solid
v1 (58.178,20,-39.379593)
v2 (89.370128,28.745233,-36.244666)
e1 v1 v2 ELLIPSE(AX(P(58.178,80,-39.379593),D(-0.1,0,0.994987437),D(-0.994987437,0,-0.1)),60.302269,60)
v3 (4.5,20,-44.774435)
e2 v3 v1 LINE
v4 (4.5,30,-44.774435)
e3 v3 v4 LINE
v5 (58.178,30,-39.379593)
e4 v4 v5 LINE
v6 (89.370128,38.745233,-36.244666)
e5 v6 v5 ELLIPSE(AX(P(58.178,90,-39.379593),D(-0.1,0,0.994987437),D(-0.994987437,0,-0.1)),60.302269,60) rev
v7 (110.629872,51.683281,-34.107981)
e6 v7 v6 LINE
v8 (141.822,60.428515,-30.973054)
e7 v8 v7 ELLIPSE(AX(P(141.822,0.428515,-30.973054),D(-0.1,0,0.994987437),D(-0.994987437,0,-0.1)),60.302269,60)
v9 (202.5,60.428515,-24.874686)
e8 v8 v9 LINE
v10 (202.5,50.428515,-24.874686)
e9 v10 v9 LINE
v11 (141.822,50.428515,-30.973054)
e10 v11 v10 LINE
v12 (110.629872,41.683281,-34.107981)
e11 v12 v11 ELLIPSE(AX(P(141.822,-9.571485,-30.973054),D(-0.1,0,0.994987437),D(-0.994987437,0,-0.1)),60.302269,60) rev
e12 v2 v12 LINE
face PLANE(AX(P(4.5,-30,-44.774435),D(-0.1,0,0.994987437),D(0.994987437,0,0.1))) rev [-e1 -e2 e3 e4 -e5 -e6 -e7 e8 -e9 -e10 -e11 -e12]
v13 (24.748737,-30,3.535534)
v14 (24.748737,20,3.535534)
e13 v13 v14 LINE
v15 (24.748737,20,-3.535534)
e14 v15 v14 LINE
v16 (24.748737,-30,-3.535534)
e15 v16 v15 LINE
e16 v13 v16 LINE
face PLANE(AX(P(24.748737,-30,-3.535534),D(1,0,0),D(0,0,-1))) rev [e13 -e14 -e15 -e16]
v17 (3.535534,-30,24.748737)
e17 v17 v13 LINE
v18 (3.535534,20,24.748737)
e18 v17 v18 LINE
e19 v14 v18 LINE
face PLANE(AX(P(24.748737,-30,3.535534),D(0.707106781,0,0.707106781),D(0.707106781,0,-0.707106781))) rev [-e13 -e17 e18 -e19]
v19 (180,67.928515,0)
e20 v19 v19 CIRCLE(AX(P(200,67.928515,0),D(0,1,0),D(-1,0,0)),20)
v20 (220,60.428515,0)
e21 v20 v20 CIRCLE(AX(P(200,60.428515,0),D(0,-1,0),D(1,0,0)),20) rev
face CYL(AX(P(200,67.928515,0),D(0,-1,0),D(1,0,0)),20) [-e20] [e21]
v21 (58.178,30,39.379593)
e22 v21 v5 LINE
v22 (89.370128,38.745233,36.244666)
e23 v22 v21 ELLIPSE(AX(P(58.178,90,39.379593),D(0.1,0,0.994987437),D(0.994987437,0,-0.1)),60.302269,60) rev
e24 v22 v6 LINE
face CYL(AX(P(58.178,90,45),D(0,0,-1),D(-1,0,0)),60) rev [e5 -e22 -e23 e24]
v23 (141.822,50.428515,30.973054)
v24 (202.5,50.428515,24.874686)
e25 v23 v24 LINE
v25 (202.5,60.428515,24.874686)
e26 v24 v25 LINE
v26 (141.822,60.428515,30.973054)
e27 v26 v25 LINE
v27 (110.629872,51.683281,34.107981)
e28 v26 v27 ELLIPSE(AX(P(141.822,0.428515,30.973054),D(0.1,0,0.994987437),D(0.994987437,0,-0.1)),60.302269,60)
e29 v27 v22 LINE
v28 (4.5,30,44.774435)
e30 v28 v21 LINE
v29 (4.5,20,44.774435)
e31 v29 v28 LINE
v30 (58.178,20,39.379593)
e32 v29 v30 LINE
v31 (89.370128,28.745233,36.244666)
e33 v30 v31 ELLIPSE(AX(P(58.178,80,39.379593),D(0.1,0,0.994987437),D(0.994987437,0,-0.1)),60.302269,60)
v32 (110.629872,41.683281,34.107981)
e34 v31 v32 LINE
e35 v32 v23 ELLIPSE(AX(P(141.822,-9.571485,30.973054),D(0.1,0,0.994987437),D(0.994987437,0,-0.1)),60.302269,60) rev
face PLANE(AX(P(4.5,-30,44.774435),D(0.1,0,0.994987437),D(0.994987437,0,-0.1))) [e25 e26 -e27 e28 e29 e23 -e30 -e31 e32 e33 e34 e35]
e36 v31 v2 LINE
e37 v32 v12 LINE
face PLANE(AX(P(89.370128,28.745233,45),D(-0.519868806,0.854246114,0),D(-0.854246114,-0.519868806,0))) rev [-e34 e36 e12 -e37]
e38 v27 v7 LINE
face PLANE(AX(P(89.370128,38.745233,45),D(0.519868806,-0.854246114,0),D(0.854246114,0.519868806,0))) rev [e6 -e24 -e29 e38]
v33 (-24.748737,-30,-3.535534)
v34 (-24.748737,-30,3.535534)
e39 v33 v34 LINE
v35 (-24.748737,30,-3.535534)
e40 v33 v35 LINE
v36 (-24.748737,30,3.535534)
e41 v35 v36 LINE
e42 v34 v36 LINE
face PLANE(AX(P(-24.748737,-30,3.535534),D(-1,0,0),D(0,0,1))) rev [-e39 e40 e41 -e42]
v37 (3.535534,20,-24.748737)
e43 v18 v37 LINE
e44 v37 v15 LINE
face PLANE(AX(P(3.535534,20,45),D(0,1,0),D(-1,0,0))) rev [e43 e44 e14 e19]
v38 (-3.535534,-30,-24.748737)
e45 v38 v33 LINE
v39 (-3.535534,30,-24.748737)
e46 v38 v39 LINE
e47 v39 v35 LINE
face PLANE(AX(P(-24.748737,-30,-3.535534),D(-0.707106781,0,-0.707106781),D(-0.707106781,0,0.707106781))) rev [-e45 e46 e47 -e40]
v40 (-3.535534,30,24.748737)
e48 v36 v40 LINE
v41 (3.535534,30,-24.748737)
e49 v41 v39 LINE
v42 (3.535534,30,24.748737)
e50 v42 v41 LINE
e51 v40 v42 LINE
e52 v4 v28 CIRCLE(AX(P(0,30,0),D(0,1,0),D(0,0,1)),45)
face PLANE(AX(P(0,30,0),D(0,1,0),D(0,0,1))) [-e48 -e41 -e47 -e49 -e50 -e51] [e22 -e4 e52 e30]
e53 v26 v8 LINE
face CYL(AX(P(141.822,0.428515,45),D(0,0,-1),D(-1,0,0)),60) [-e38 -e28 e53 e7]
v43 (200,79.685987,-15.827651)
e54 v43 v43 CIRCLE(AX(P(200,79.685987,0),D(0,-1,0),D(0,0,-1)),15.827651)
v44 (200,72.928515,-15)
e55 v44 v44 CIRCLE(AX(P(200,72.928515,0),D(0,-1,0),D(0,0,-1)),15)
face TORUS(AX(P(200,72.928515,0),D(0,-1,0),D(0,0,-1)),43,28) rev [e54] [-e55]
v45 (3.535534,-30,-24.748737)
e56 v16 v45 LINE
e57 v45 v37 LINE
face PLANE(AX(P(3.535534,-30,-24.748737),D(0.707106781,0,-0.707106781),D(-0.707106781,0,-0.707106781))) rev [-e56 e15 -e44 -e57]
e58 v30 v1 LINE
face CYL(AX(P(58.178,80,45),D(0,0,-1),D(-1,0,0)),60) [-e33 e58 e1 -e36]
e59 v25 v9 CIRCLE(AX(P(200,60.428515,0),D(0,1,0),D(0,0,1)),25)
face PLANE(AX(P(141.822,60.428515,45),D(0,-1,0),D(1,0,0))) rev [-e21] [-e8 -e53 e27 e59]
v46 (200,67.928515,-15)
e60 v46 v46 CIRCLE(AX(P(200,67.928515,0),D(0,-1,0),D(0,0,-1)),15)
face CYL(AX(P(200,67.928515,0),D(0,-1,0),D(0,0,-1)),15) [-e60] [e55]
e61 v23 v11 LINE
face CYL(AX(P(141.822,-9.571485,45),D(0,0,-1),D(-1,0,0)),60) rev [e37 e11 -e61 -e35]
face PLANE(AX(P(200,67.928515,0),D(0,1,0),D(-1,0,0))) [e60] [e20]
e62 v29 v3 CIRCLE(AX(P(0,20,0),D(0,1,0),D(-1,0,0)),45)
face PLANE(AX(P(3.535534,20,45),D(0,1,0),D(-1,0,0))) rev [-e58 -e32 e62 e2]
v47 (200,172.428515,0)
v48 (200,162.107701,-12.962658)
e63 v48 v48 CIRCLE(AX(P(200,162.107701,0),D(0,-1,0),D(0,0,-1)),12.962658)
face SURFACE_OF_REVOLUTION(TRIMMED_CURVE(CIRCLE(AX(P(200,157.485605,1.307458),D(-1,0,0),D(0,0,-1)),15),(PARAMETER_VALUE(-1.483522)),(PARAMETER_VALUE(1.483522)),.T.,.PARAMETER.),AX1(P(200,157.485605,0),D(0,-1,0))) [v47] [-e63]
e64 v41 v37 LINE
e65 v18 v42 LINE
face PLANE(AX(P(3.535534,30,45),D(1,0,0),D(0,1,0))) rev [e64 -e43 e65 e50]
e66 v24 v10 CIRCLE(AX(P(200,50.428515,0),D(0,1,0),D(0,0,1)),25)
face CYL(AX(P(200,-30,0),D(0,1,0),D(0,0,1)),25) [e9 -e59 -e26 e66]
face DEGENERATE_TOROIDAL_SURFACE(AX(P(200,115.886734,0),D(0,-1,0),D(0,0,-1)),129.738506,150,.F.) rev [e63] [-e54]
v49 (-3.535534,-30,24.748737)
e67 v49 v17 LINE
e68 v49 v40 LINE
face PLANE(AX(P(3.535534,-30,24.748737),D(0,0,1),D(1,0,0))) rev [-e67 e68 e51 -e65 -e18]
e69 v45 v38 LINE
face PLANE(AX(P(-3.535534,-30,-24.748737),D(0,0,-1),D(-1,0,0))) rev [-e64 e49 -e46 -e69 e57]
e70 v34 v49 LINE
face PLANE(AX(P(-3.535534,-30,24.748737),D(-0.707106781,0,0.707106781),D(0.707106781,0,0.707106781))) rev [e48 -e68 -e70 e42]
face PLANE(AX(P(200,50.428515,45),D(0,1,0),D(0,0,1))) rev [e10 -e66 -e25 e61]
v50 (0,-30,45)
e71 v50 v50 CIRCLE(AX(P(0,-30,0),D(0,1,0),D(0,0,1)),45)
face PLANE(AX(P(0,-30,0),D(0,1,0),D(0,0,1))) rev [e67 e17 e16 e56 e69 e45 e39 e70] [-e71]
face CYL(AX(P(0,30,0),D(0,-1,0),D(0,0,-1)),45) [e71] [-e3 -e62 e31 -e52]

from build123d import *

# Parameters (mm, degrees)
IZIM2_R                     = 45
Y_KSEKLIK_EKSTR_ZYON1_DEPTH = 30
KES_EKSTR_ZYON1_DEPTH       = 61
Y_KSEKLIK_EKSTR_ZYON2_DEPTH = 45
KES_EKSTR_ZYON2_DEPTH       = 91
KES_EKSTR_ZYON4_DEPTH       = 1.428514546
IZIM10_R                    = 20
Y_KSEKLIK_EKSTR_ZYON3_DEPTH = 7.5


with BuildPart() as part:
    # Çizim2 → Yükseklik-Ekstrüzyon1 (new body, symmetric)
    with BuildSketch(Plane(origin=(0, 0, 0), x_dir=(1, 0, 0), z_dir=(0, 1, 0))):
        Circle(IZIM2_R)
    extrude(amount=Y_KSEKLIK_EKSTR_ZYON1_DEPTH, both=True)

    # Çizim3 → Kes-Ekstrüzyon1 (cut, through all)
    with BuildSketch(Plane(origin=(0, 30, 0), x_dir=(1, 0, 0), z_dir=(0, 1, 0))):
        Polygon((-24.748737342, 3.535533906), (-3.535533906, 24.748737342), (3.535533906, 24.748737342), (24.748737342, 3.535533906), (24.748737342, -3.535533906), (3.535533906, -24.748737342), (-3.535533906, -24.748737342), (-24.748737342, -3.535533906), align=None)
    extrude(amount=-KES_EKSTR_ZYON1_DEPTH, mode=Mode.SUBTRACT)

    # Çizim4 → Yükseklik-Ekstrüzyon2 (add, symmetric)
    with BuildSketch(Plane.XY):
        with BuildLine():
            Line((3.535533906, 30), (3.535533906, 20))
            Line((3.535533906, 20), (58.177999867, 20))
            ThreePointArc((58.177999867, 20), (74.375437748, 22.227662276), (89.370128252, 28.745233131))
            Line((89.370128252, 28.745233131), (110.629871748, 41.683281415))
            ThreePointArc((110.629871748, 41.683281415), (125.624562252, 48.20085227), (141.822000133, 50.428514546))
            Line((141.822000133, 50.428514546), (200, 50.428514546))
            Line((200, 50.428514546), (225, 50.428514546))
            Line((225, 50.428514546), (225, 60.428514546))
            Line((225, 60.428514546), (200, 60.428514546))
            Line((200, 60.428514546), (141.822000133, 60.428514546))
            ThreePointArc((141.822000133, 60.428514546), (125.624562252, 58.20085227), (110.629871748, 51.683281415))
            Line((110.629871748, 51.683281415), (89.370128252, 38.745233131))
            ThreePointArc((89.370128252, 38.745233131), (74.375437748, 32.227662276), (58.177999867, 30))
            Line((58.177999867, 30), (3.535533906, 30))
        make_face()
    extrude(amount=Y_KSEKLIK_EKSTR_ZYON2_DEPTH, both=True)

    # Çizim8 → Kes-Ekstrüzyon2 (cut, through all)
    with BuildSketch(Plane(origin=(0, 60, 0), x_dir=(1, 0, 0), z_dir=(0, 1, 0))):
        with BuildLine():
            ThreePointArc((3.535533906, 44.860896112), (4.017999525, 44.820259703), (4.5, 44.77443467))
            Line((4.5, 44.77443467), (202.5, 24.874685928))
            ThreePointArc((202.5, 24.874685928), (218.540496218, 16.770509831), (225, 0))
            Line((225, 0), (225, 45))
            Line((225, 45), (3.535533906, 45))
            Line((3.535533906, 45), (3.535533906, 44.860896112))
        make_face()
        with BuildLine():
            Line((225, -45), (225, 0))
            ThreePointArc((225, 0), (218.540496218, -16.770509831), (202.5, -24.874685928))
            Line((202.5, -24.874685928), (4.5, -44.77443467))
            ThreePointArc((4.5, -44.77443467), (4.017999525, -44.820259703), (3.535533906, -44.860896112))
            Line((3.535533906, -44.860896112), (3.535533906, -45))
            Line((3.535533906, -45), (225, -45))
        make_face()
    extrude(amount=-KES_EKSTR_ZYON2_DEPTH, mode=Mode.SUBTRACT)

    # Çizim9 → Kes-Ekstrüzyon4 (cut, through all)
    with BuildSketch(Plane(origin=(0, 60, 0), x_dir=(1, 0, 0), z_dir=(0, 1, 0))):
        with BuildLine():
            Line((134.663919329, 31.692468559), (202.5, 24.874685928))
            ThreePointArc((202.5, 24.874685928), (218.540496218, 16.770509831), (225, 0))
            Line((225, 0), (225, 45))
            Line((225, 45), (134.663919329, 45))
            Line((134.663919329, 45), (134.663919329, 31.692468559))
        make_face()
        with BuildLine():
            Line((202.5, -24.874685928), (134.663919329, -31.692468559))
            Line((134.663919329, -31.692468559), (134.663919329, -45))
            Line((134.663919329, -45), (225, -45))
            Line((225, -45), (225, 0))
            ThreePointArc((225, 0), (218.540496218, -16.770509831), (202.5, -24.874685928))
        make_face()
    extrude(amount=KES_EKSTR_ZYON4_DEPTH, mode=Mode.SUBTRACT)

    # Çizim10 → Yükseklik-Ekstrüzyon3 (add)
    with BuildSketch(Plane(origin=(0, 60.428514546, 0), x_dir=(1, 0, 0), z_dir=(0, 1, 0))):
        with Locations((200, 0)):
            Circle(IZIM10_R)
    extrude(amount=Y_KSEKLIK_EKSTR_ZYON3_DEPTH)

    # Çizim12 → Döndür1 (revolve)
    with BuildSketch(Plane.XY):
        with BuildLine():
            Line((185, 67.928514546), (185, 72.928514546))
            ThreePointArc((185, 72.928514546), (184.792317085, 76.332499126), (184.172349213, 79.685987317))
            ThreePointArc((184.172349213, 79.685987317), (179.829043862, 121.097612219), (187.037341752, 162.107701465))
            ThreePointArc((187.037341752, 162.107701465), (191.964278666, 169.220382002), (200, 172.428514546))
            Line((200, 172.428514546), (200, 67.928514546))
            Line((200, 67.928514546), (185, 67.928514546))
        make_face()
    revolve(axis=Axis((200, 67.928514546, 0), (0, 1, 0)))


solid = part.part
